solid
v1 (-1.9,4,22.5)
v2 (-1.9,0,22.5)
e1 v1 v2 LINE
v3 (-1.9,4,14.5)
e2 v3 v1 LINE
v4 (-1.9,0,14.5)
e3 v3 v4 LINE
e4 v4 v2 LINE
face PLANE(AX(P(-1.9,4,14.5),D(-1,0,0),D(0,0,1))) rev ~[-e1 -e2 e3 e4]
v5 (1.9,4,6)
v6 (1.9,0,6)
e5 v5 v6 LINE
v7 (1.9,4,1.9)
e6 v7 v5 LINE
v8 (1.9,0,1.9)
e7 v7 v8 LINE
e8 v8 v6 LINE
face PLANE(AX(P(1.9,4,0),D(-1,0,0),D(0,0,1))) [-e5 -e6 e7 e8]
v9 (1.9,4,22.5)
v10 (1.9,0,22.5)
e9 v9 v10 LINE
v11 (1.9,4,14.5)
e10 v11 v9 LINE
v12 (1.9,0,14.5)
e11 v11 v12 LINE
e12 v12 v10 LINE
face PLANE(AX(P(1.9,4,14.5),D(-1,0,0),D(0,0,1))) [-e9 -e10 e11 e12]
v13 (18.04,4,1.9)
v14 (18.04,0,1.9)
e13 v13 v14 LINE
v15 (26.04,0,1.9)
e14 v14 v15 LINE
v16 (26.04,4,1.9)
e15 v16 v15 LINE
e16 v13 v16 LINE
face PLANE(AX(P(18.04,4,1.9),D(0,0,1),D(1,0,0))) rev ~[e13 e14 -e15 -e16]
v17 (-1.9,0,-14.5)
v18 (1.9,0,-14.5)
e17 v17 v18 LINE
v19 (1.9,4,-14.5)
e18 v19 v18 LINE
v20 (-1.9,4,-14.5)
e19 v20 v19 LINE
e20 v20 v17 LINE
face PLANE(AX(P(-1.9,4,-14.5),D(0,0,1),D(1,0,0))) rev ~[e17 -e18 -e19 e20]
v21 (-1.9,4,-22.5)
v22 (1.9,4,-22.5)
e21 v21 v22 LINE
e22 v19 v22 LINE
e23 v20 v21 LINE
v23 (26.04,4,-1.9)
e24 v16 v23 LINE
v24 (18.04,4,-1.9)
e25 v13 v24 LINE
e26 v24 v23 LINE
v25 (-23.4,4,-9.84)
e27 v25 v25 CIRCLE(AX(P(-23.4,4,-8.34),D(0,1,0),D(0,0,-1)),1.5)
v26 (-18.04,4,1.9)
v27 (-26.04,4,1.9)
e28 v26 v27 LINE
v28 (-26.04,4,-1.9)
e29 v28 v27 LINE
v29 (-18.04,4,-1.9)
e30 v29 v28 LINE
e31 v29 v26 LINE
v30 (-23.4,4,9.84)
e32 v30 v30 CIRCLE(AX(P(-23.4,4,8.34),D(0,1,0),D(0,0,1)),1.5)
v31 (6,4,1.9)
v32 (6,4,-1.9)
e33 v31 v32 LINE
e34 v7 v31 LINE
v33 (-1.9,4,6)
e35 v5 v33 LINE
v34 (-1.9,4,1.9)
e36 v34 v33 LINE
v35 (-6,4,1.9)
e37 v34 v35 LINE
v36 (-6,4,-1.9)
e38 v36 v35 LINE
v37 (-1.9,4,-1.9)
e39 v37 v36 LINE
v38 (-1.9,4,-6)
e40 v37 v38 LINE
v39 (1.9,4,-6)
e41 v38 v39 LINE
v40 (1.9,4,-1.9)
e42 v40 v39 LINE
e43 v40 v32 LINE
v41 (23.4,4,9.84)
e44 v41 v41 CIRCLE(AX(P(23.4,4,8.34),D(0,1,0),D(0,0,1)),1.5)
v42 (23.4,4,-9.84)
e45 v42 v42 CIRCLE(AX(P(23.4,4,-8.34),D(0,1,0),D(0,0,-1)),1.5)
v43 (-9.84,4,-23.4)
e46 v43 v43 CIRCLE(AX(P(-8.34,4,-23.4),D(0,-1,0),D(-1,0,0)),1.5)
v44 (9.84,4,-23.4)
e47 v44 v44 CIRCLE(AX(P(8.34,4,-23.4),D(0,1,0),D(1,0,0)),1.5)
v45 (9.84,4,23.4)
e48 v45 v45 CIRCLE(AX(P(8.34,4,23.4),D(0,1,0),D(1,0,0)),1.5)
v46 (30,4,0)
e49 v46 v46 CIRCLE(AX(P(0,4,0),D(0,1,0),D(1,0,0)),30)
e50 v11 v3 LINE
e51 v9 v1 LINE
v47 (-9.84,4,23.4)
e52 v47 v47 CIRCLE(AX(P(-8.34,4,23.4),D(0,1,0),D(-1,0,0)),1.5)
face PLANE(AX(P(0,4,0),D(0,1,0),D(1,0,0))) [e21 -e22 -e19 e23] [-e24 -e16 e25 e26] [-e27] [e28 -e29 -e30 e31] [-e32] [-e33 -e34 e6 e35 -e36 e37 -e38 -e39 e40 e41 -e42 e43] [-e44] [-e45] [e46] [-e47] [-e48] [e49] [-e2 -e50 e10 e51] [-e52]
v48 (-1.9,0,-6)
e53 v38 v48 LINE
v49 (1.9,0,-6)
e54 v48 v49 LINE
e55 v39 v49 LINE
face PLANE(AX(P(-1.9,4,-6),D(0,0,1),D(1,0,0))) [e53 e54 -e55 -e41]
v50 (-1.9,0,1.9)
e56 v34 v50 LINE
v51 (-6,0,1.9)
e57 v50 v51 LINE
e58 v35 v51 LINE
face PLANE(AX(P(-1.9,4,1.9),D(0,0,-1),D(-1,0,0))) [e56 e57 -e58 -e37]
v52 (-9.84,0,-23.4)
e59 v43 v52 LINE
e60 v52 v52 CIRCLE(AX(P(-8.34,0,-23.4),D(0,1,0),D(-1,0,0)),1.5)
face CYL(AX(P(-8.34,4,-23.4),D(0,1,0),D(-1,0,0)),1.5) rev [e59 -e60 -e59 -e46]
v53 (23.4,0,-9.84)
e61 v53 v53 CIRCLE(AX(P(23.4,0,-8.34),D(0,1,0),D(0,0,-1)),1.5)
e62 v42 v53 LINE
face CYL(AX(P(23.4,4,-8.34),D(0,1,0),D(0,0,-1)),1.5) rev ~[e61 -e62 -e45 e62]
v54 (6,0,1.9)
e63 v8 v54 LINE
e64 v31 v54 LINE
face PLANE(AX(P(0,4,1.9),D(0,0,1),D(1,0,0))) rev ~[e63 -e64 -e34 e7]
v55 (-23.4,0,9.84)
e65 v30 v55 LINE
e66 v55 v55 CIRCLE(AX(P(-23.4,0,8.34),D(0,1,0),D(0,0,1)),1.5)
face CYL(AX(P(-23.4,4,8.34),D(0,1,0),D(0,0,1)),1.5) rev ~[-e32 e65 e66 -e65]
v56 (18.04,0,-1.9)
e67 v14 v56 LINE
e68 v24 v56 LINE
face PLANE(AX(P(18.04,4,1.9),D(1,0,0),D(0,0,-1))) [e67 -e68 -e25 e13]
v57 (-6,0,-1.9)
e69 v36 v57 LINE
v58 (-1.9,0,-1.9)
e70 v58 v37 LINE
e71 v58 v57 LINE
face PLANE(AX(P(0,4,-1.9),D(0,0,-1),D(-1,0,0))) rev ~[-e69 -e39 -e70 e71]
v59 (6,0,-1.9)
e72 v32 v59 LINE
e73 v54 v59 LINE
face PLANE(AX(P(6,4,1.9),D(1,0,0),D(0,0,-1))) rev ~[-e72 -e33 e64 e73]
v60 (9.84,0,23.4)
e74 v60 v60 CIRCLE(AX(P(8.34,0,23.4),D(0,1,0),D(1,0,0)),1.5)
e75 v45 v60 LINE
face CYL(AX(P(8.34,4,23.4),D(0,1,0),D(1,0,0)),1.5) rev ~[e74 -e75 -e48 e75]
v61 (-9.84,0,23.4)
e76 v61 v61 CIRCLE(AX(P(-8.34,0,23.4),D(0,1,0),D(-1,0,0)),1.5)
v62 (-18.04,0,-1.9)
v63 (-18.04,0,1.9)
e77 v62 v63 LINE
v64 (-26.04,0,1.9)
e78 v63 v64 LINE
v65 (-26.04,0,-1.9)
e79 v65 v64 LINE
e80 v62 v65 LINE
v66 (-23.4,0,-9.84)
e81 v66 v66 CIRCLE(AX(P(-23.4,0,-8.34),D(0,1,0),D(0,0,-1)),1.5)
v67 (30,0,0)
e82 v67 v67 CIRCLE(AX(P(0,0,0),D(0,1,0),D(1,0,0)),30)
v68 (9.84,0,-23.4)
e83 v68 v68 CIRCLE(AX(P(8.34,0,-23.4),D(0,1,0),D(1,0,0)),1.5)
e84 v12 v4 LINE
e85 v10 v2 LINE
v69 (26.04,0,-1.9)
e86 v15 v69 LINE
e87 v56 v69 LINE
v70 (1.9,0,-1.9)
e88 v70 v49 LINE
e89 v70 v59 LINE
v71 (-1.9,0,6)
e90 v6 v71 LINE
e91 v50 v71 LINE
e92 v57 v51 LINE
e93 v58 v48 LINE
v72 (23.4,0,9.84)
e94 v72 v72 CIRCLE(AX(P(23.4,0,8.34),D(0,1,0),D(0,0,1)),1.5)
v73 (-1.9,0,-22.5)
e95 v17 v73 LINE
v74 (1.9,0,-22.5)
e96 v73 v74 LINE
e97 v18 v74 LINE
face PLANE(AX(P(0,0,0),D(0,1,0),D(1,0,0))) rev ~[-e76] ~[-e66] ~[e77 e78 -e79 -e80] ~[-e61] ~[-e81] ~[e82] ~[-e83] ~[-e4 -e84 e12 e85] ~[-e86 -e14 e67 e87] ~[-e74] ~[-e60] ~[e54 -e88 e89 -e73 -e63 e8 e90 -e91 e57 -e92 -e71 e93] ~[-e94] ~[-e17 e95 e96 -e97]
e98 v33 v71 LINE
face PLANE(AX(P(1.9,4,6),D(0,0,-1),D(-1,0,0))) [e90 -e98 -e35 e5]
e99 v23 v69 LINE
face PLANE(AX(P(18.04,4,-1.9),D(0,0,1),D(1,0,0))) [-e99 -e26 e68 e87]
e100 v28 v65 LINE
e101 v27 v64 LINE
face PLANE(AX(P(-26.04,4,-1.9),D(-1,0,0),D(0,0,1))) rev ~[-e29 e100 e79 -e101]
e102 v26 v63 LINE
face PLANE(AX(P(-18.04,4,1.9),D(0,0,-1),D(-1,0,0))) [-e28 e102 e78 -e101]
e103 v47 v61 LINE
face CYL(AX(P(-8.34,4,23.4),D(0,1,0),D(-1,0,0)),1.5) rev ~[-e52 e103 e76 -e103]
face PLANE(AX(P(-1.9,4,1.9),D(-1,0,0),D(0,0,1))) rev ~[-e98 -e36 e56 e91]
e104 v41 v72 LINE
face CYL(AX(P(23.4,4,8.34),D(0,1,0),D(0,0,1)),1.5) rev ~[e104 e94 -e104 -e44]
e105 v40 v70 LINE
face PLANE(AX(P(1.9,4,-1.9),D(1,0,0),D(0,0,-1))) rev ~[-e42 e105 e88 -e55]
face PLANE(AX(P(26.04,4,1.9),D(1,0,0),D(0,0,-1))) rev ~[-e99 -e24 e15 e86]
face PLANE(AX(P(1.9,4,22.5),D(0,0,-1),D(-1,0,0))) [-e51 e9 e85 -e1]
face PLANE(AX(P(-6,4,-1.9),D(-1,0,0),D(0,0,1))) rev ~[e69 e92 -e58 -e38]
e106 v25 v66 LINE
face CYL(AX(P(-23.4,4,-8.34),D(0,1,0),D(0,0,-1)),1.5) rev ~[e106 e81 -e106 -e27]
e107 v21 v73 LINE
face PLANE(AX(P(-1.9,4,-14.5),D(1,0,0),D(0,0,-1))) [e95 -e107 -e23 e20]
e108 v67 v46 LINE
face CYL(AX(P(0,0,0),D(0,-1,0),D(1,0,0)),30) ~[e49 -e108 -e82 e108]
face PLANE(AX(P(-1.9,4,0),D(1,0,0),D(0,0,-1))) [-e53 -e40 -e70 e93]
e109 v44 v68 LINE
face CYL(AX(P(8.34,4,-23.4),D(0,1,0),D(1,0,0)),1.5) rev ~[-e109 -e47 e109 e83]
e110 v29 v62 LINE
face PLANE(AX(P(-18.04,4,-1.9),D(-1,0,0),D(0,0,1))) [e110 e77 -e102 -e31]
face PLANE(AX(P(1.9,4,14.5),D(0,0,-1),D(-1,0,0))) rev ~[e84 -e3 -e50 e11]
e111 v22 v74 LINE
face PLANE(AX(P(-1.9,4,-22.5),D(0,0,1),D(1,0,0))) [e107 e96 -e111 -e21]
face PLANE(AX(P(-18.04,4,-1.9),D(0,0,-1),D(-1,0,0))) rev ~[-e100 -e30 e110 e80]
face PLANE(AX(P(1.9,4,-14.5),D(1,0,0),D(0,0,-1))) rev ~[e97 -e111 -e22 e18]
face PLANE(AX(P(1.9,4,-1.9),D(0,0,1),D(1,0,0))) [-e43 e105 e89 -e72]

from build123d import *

# Parameters (mm, degrees)
SKETCH1_R                   = 30
BOSS_EXTRUDE1_DEPTH         = 4
CUT_EXTRUDE3_START          = 4
SKETCH1_4_W                 = 3.8
SKETCH1_4_H                 = 6
SKETCH1_4_H_2               = 8
SKETCH1_4_W_2               = 6
SKETCH1_4_H_3               = 3.8
SKETCH1_4_W_3               = 8
CUT_EXTRUDE3_DEPTH          = 5
CUT_EXTRUDE5_START          = 4
SKETCH1_5_R                 = 1.5
CUT_EXTRUDE5_DEPTH          = 5
CIRPATTERN2_COUNT           = 4
CIRPATTERN2_START           = 4
CIRPATTERN2_COPY_1_SKETCH_R = 1.5
CIRPATTERN2_COPY_1_DEPTH    = 5
CIRPATTERN2_COPY_2_SKETCH_R = 1.5
CIRPATTERN2_COPY_2_DEPTH    = 5
CIRPATTERN2_COPY_3_SKETCH_R = 1.5
CIRPATTERN2_COPY_3_DEPTH    = 5
CIRPATTERN3_COUNT           = 2


with BuildPart() as part:
    # Sketch1 → Boss-Extrude1 (new body)
    with BuildSketch(Plane(origin=(0, 0, 0), x_dir=(1, 0, 0), z_dir=(0, 1, 0))):
        Circle(SKETCH1_R)
    extrude(amount=BOSS_EXTRUDE1_DEPTH)

    # Sketch1<4> → Cut-Extrude3 (cut, through all)
    with BuildSketch(Plane(origin=(0, 0, 0), x_dir=(1, 0, 0), z_dir=(0, 1, 0)).offset(CUT_EXTRUDE3_START)):
        with Locations((0, 3)):
            Rectangle(SKETCH1_4_W, SKETCH1_4_H)
        with Locations((0, 18.5)):
            Rectangle(SKETCH1_4_W, SKETCH1_4_H_2)
        with Locations((3, 0)):
            Rectangle(SKETCH1_4_W_2, SKETCH1_4_H_3)
        with Locations((22.04, 0)):
            Rectangle(SKETCH1_4_W_3, SKETCH1_4_H_3)
    cut_extrude3 = extrude(amount=-CUT_EXTRUDE3_DEPTH, mode=Mode.SUBTRACT)

    # Sketch1<5> → Cut-Extrude5 (cut, through all)
    with BuildSketch(Plane(origin=(0, 0, 0), x_dir=(1, 0, 0), z_dir=(0, 1, 0)).offset(CUT_EXTRUDE5_START)):
        with Locations((8.34, 23.4)):
            Circle(SKETCH1_5_R)
    cut_extrude5 = extrude(amount=-CUT_EXTRUDE5_DEPTH, mode=Mode.SUBTRACT)

    # Mirror1: Cut-Extrude5 across plane
    add(cut_extrude5.mirror(Plane(origin=(0, 0, 0), x_dir=(0, 0, 1), z_dir=(1, 0, 0))), mode=Mode.SUBTRACT)

    # CirPattern2: Cut-Extrude5 ×4 about axis
    cirpattern2_axis = Axis((0, 0, 0), (0, 1, 0))
    for i in range(1, CIRPATTERN2_COUNT):
        add(cut_extrude5.rotate(cirpattern2_axis, i * 360 / CIRPATTERN2_COUNT), mode=Mode.SUBTRACT)

    # CirPattern2 copy 1 sketch → CirPattern2 copy 1 (cut, through all)
    with BuildSketch(Plane.ZX.offset(CIRPATTERN2_START)):
        with Locations((8.34, -23.4)):
            Circle(CIRPATTERN2_COPY_1_SKETCH_R)
    extrude(amount=-CIRPATTERN2_COPY_1_DEPTH, mode=Mode.SUBTRACT)

    # CirPattern2 copy 2 sketch → CirPattern2 copy 2 (cut, through all)
    with BuildSketch(Plane(origin=(0, 0, 0), x_dir=(1, 0, 0), z_dir=(0, 1, 0)).offset(CIRPATTERN2_START)):
        with Locations((8.34, -23.4)):
            Circle(CIRPATTERN2_COPY_2_SKETCH_R)
    extrude(amount=-CIRPATTERN2_COPY_2_DEPTH, mode=Mode.SUBTRACT)

    # CirPattern2 copy 3 sketch → CirPattern2 copy 3 (cut, through all)
    with BuildSketch(Plane(origin=(0, 0, 0), x_dir=(0, 0, -1), z_dir=(0, 1, 0)).offset(CIRPATTERN2_START)):
        with Locations((8.34, -23.4)):
            Circle(CIRPATTERN2_COPY_3_SKETCH_R)
    extrude(amount=-CIRPATTERN2_COPY_3_DEPTH, mode=Mode.SUBTRACT)

    # CirPattern3: Cut-Extrude3 ×2 about axis
    cirpattern3_axis = Axis((0, 0, 0), (0, 1, 0))
    for i in range(1, CIRPATTERN3_COUNT):
        add(cut_extrude3.rotate(cirpattern3_axis, i * 360 / CIRPATTERN3_COUNT), mode=Mode.SUBTRACT)


solid = part.part
